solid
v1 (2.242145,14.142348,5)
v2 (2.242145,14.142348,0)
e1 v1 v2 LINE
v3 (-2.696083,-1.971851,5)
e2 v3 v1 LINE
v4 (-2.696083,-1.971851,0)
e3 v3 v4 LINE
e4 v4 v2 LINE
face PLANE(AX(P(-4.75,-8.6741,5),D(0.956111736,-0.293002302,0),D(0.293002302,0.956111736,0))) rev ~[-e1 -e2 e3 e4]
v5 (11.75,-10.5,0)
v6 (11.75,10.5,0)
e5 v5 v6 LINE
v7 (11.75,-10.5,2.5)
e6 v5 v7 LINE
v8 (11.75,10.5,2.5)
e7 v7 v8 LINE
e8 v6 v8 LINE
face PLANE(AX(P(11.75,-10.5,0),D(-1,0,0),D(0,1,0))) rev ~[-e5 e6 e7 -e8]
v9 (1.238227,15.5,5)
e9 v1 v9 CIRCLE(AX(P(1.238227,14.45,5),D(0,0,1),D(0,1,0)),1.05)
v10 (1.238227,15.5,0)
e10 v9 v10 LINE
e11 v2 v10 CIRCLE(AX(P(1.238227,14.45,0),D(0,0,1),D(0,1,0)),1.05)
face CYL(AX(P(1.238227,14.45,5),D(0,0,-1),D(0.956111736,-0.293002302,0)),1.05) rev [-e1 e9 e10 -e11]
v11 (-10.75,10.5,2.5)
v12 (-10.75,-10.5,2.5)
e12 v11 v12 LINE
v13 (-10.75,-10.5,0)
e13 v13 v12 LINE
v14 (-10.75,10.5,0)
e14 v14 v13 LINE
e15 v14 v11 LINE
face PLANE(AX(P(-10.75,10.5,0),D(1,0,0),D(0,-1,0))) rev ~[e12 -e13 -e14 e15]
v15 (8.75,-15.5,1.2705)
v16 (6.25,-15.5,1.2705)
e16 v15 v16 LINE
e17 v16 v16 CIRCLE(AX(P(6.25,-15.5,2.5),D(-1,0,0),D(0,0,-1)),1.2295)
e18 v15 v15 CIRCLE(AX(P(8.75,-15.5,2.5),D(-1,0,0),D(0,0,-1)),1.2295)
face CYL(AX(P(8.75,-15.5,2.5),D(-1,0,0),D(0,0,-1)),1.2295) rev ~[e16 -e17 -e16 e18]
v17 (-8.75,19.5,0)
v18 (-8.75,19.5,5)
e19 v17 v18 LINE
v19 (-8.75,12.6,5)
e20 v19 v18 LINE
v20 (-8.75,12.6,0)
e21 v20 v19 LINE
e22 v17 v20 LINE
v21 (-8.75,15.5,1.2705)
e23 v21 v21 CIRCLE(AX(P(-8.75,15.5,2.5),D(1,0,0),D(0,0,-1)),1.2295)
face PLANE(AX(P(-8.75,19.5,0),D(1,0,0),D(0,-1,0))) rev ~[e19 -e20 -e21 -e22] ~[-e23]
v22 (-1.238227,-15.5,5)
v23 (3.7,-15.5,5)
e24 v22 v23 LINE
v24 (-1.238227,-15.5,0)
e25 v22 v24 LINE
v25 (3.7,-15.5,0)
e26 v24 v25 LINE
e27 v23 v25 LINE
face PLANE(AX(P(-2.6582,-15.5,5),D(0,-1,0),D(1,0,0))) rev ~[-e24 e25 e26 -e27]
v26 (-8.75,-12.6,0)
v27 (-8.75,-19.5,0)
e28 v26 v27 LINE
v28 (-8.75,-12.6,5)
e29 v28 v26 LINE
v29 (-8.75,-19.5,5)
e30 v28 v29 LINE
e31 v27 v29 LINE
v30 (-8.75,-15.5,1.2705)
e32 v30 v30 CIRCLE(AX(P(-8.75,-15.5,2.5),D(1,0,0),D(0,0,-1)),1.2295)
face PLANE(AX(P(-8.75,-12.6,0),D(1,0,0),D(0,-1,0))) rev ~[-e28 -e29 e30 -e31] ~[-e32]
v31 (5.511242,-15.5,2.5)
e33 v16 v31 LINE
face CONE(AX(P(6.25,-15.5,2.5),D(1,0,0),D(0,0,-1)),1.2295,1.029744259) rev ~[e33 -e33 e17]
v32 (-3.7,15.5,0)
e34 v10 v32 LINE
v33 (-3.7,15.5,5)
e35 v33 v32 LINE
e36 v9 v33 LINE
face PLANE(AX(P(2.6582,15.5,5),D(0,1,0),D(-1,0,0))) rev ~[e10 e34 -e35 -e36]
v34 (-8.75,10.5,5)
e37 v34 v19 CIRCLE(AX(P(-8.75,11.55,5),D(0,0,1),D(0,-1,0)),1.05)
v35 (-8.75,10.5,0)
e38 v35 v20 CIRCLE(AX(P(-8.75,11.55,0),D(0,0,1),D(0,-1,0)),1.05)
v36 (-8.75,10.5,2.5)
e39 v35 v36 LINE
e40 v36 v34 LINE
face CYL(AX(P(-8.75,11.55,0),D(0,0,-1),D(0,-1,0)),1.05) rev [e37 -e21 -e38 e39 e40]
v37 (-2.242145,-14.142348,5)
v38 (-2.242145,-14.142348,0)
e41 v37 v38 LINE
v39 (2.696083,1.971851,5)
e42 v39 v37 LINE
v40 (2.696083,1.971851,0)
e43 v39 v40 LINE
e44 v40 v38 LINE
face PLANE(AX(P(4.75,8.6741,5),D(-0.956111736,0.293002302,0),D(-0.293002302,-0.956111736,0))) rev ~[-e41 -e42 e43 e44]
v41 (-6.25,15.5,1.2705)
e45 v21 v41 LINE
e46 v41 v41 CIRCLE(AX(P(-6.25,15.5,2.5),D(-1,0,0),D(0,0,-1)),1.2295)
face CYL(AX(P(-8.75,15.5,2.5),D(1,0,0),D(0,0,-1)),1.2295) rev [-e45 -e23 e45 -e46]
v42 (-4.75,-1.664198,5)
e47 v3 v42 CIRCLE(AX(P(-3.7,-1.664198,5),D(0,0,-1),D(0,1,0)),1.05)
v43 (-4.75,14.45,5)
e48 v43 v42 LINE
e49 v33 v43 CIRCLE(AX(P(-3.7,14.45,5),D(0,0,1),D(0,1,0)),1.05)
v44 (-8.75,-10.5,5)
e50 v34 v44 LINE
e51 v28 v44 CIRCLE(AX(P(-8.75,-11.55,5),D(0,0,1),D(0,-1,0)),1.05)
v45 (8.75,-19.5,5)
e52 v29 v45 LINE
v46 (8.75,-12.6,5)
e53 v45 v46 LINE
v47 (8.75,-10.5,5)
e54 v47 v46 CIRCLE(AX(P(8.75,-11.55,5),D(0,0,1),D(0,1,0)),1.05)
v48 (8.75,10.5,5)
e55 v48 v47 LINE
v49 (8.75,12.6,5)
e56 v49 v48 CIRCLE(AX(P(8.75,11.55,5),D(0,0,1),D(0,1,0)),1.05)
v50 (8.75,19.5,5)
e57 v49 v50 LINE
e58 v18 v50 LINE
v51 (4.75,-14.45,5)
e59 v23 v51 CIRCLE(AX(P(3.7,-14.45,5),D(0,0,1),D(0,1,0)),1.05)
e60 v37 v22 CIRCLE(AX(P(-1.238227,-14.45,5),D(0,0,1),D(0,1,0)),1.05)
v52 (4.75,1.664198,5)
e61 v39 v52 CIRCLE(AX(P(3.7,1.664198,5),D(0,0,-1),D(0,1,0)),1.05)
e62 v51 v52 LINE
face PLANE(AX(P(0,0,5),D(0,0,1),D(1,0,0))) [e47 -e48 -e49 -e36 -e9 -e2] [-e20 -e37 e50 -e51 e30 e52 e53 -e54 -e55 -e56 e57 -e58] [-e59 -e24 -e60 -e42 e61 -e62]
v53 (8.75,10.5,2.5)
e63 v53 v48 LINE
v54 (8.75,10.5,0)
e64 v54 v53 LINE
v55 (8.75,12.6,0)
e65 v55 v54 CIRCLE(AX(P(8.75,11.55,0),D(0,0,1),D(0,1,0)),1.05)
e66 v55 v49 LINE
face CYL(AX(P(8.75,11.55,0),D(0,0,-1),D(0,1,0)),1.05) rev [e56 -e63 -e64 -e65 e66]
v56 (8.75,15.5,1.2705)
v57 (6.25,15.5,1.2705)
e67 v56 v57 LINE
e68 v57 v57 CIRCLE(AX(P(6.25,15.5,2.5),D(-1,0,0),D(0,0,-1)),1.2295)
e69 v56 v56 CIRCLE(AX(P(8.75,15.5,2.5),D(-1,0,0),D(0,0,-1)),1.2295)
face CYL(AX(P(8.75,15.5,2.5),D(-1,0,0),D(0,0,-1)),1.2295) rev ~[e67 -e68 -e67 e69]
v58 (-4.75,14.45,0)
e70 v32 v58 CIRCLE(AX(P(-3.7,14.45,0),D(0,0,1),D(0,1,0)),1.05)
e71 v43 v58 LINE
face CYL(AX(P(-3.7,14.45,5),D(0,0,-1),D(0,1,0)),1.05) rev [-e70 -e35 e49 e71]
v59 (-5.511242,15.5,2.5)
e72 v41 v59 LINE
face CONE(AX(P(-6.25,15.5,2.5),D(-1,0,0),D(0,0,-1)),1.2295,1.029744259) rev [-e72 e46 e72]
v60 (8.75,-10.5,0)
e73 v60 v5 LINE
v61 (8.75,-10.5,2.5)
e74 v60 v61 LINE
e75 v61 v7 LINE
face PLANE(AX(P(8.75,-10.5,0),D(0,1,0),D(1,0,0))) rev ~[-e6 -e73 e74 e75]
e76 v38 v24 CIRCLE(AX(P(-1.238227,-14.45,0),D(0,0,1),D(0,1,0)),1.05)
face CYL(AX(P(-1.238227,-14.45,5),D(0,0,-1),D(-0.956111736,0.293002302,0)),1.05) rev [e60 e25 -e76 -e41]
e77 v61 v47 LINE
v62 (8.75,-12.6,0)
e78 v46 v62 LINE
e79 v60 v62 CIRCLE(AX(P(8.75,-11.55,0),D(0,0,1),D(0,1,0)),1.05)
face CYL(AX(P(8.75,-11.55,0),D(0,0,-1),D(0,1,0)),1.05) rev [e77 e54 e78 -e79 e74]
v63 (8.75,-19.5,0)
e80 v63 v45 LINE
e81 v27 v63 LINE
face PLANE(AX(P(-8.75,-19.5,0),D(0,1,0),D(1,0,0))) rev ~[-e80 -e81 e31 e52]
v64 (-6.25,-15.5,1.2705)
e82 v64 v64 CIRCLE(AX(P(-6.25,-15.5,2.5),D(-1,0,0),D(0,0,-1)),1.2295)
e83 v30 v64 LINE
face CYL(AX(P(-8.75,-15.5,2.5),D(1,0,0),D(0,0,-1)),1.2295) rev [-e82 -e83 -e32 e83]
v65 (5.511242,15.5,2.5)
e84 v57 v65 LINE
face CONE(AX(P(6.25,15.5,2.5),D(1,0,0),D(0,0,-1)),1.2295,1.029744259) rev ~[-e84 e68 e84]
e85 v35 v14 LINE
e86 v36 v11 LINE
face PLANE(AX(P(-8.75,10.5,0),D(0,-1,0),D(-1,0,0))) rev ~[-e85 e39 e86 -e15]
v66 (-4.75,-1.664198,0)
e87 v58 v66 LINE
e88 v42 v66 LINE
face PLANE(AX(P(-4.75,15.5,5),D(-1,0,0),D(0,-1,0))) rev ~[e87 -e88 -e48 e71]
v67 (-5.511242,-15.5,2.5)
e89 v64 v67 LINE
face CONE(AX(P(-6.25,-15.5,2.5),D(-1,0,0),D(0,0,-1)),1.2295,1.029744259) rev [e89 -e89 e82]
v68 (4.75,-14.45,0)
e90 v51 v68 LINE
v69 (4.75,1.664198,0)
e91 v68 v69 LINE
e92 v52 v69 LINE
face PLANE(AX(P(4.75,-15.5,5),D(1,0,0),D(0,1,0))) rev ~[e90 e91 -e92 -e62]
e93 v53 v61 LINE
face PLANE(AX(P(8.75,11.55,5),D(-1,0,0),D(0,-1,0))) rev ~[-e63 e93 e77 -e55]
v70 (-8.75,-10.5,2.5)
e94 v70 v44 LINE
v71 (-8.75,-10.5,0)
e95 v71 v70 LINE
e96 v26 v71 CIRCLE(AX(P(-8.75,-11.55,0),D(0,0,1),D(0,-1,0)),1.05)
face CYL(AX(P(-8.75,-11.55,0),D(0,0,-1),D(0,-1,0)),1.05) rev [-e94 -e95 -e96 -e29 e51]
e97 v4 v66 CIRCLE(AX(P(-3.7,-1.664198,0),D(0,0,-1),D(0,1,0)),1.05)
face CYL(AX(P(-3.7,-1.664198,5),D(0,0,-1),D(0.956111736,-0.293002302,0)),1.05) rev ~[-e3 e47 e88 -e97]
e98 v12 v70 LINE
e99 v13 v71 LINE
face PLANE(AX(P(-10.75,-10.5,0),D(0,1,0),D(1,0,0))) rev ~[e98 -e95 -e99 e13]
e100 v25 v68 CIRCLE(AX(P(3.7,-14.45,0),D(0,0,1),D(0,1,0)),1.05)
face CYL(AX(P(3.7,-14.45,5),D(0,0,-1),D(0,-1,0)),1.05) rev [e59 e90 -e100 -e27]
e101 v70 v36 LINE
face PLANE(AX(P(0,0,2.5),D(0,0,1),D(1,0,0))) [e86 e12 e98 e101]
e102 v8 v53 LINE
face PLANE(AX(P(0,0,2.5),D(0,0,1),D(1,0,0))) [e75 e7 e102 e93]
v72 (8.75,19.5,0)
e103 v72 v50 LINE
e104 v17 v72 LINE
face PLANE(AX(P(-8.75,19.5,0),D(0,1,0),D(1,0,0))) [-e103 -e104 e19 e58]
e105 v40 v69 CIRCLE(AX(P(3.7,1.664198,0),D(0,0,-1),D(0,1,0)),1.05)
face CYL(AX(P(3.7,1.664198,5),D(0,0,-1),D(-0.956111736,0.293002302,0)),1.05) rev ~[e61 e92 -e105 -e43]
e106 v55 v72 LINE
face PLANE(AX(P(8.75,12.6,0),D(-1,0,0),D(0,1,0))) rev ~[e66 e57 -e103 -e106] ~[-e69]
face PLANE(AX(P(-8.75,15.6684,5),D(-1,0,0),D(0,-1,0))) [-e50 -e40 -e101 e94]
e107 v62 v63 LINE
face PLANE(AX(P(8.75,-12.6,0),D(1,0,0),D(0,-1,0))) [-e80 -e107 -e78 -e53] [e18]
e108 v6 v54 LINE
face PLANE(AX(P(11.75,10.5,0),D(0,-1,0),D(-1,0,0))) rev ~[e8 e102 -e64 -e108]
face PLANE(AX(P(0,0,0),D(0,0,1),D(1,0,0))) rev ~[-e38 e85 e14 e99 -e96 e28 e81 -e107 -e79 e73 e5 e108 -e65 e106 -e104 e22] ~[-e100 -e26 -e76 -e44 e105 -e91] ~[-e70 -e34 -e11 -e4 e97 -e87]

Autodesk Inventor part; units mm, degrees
ref_plane "YZ Plane" through (0, 0, 0) normal (1, 0, 0) x (0, 1, 0)
ref_plane "XZ Plane" through (0, 0, 0) normal (0, 1, 0) x (-1, 0, 0)
ref_plane "XY Plane" through (0, 0, 0) normal (0, 0, 1) x (1, 0, 0)
sketch "スケッチ1" plane through (0, 0, 0) normal (0, 0, 1) x (1, 0, 0)
  line L0 (-8.75, -19.5) -> (8.75, -19.5) construction
  line L1 (8.75, -19.5) -> (8.75, 19.5) construction
  line L2 (8.75, 19.5) -> (-8.75, 19.5) construction
  line L3 (-8.75, 19.5) -> (-8.75, -19.5) construction
  line L4 (-8.75, -19.5) -> (8.75, 19.5) construction
  line L5 (8.75, -19.5) -> (-8.75, 19.5) construction
  line L6 (-8.75, 10.5) -> (-8.75, 19.5) construction
  line L7 (-8.75, 19.5) -> (8.75, 19.5)
  line L8 (8.75, 19.5) -> (8.75, 10.5) construction
  line L9 (-8.75, 10.5) -> (-10.75, 10.5)
  line L10 (-10.75, 10.5) -> (-10.75, -10.5)
  line L11 (-10.75, -10.5) -> (-8.75, -10.5)
  line L12 (-8.75, -10.5) -> (-8.75, -19.5) construction
  line L13 (-8.75, -19.5) -> (8.75, -19.5)
  line L14 (8.75, -19.5) -> (8.75, -10.5) construction
  line L15 (8.75, -10.5) -> (11.75, -10.5)
  line L16 (11.75, -10.5) -> (11.75, 10.5)
  line L17 (11.75, 10.5) -> (8.75, 10.5)
  line L18 (0, 0) -> (11.75, 0) construction
  circle A0 centre (-8.75, 11.55) radius 1.05 construction
  circle A1 centre (-8.75, -11.55) radius 1.05 construction
  circle A2 centre (8.75, 11.55) radius 1.05 construction
  circle A3 centre (8.75, -11.55) radius 1.05 construction
  line L19 (-8.75, 19.5) -> (-8.75, 12.6)
  arc A4 (-8.75, 10.5) -> (-8.75, 12.6) centre (-8.75, 11.55) ccw
  arc A5 (-8.75, -12.6) -> (-8.75, -10.5) centre (-8.75, -11.55) ccw
  line L20 (-8.75, -12.6) -> (-8.75, -19.5)
  line L21 (8.75, 12.6) -> (8.75, 19.5)
  arc A6 (8.75, 12.6) -> (8.75, 10.5) centre (8.75, 11.55) ccw
  line L22 (8.75, -12.6) -> (8.75, -19.5)
  arc A7 (8.75, -10.5) -> (8.75, -12.6) centre (8.75, -11.55) ccw
  dimension "d21" = 2
  dimension "d23" = 3
  dimension "d30" = 17.5
  dimension "d48" = 9
  dimension "d49" = 39
  dimension "d50" = 2.1
extrude "押し出し1" add sketch "スケッチ1" along normal blind 5
sketch "スケッチ2" plane through (8.75, -19.5, 0) normal (1, 0, 0) x (0, 0, -1)
  line L0 (0, 0) -> (-5, 0) projected
  line L1 (0, 39) -> (-5, 39) projected
  point P0 (0, 19.5)
  point P1 (-2.5, 4)
  point P2 (-2.5, 35)
  point P3 (-2.5, 0)
  dimension "d53" = 4
  dimension "d54" = 4
hole "穴1" at (8.75, -15.5, 2.5) at (8.75, 15.5, 2.5) direction (-1, 0, 0) diameter 2.459 depth 2.5 tip angle 118 thread size "M3x0.5" class "6H" standard "ISO Metric profile"
mirror "ミラー1" about plane through (0, 0, 0) normal (1, 0, 0) of "穴1"
sketch "スケッチ3" plane through (0, 0, 5) normal (0, 0, 1) x (1, 0, 0)
  line L0 (8.75, 12.6) -> (8.75, 19.5) projected
  line L1 (-8.75, 19.5) -> (-8.75, 12.6) projected
  line L2 (-13.3307, 15.6684) -> (-8.75, 15.6684)
  line L3 (-8.75, 15.6684) -> (-8.75, -16.7148)
  line L4 (-8.75, -16.7148) -> (-13.3307, -16.7148)
  line L5 (-13.3307, -16.7148) -> (-13.3307, 15.6684)
  line L6 (14.2214, 11.55) -> (8.75, 11.55)
  line L7 (8.75, 11.55) -> (8.75, -15.9078)
  line L8 (8.75, -15.9078) -> (14.2214, -15.9078)
  line L9 (14.2214, -15.9078) -> (14.2214, 11.55)
  point P0 (0, 0)
extrude "押し出し2" cut sketch "スケッチ3" against normal blind 2.5
sketch "スケッチ4" plane through (0, 0, 5) normal (0, 0, 1) x (1, 0, 0)
  line L0 (8.75, 12.6) -> (8.75, 19.5) projected
  line L1 (8.75, 19.5) -> (-8.75, 19.5) projected
  line L2 (-8.75, -12.6) -> (-8.75, -19.5) projected
  line L3 (-8.75, -19.5) -> (8.75, -19.5) projected
  line L4 (-4.75, 15.5) -> (4.75, 15.5) construction
  line L5 (4.75, 15.5) -> (4.75, -15.5) construction
  line L6 (4.75, -15.5) -> (-4.75, -15.5) construction
  line L7 (-4.75, -15.5) -> (-4.75, 15.5) construction
  line L8 (4.75, 15.5) -> (-4.75, -15.5) construction
  line L9 (2.6582, 15.5) -> (-4.75, 15.5)
  line L10 (-4.75, 15.5) -> (-4.75, -8.6741)
  line L11 (-4.75, -8.6741) -> (2.6582, 15.5)
  line L12 (-2.6582, -15.5) -> (4.75, -15.5)
  line L13 (4.75, -15.5) -> (4.75, 8.6741)
  line L14 (4.75, 8.6741) -> (-2.6582, -15.5)
  point P0 (0, 0)
  dimension "d64" = 4
  dimension "d65" = 4
  dimension "d66" = 4
  dimension "d67" = 4
  dimension "d68" = 4
extrude "押し出し3" cut sketch "スケッチ4" against normal blind 5
fillet "フィレット1" radius 1.05 6 edges at (-2.6582, -15.5, 2.5) (-4.75, 15.5, 2.5) (2.6582, 15.5, 2.5) (4.75, 8.6741, 2.5) (-4.75, -8.6741, 2.5) (4.75, -15.5, 2.5)
equation "\"d48\" = d26 + d35"
equation "\"d49\" = d38"
equation "\"d53\" = d35"
equation "\"d54\" = d53"
equation "\"d66\" = d65"
equation "\"d68\" = d67"
equation "\"d26\" = 5"
equation "\"d35\" = 4"
equation "\"d38\" = 39"
properties part number "胴体_メインフレーム_1_12" material "アセタール樹脂、黒"
